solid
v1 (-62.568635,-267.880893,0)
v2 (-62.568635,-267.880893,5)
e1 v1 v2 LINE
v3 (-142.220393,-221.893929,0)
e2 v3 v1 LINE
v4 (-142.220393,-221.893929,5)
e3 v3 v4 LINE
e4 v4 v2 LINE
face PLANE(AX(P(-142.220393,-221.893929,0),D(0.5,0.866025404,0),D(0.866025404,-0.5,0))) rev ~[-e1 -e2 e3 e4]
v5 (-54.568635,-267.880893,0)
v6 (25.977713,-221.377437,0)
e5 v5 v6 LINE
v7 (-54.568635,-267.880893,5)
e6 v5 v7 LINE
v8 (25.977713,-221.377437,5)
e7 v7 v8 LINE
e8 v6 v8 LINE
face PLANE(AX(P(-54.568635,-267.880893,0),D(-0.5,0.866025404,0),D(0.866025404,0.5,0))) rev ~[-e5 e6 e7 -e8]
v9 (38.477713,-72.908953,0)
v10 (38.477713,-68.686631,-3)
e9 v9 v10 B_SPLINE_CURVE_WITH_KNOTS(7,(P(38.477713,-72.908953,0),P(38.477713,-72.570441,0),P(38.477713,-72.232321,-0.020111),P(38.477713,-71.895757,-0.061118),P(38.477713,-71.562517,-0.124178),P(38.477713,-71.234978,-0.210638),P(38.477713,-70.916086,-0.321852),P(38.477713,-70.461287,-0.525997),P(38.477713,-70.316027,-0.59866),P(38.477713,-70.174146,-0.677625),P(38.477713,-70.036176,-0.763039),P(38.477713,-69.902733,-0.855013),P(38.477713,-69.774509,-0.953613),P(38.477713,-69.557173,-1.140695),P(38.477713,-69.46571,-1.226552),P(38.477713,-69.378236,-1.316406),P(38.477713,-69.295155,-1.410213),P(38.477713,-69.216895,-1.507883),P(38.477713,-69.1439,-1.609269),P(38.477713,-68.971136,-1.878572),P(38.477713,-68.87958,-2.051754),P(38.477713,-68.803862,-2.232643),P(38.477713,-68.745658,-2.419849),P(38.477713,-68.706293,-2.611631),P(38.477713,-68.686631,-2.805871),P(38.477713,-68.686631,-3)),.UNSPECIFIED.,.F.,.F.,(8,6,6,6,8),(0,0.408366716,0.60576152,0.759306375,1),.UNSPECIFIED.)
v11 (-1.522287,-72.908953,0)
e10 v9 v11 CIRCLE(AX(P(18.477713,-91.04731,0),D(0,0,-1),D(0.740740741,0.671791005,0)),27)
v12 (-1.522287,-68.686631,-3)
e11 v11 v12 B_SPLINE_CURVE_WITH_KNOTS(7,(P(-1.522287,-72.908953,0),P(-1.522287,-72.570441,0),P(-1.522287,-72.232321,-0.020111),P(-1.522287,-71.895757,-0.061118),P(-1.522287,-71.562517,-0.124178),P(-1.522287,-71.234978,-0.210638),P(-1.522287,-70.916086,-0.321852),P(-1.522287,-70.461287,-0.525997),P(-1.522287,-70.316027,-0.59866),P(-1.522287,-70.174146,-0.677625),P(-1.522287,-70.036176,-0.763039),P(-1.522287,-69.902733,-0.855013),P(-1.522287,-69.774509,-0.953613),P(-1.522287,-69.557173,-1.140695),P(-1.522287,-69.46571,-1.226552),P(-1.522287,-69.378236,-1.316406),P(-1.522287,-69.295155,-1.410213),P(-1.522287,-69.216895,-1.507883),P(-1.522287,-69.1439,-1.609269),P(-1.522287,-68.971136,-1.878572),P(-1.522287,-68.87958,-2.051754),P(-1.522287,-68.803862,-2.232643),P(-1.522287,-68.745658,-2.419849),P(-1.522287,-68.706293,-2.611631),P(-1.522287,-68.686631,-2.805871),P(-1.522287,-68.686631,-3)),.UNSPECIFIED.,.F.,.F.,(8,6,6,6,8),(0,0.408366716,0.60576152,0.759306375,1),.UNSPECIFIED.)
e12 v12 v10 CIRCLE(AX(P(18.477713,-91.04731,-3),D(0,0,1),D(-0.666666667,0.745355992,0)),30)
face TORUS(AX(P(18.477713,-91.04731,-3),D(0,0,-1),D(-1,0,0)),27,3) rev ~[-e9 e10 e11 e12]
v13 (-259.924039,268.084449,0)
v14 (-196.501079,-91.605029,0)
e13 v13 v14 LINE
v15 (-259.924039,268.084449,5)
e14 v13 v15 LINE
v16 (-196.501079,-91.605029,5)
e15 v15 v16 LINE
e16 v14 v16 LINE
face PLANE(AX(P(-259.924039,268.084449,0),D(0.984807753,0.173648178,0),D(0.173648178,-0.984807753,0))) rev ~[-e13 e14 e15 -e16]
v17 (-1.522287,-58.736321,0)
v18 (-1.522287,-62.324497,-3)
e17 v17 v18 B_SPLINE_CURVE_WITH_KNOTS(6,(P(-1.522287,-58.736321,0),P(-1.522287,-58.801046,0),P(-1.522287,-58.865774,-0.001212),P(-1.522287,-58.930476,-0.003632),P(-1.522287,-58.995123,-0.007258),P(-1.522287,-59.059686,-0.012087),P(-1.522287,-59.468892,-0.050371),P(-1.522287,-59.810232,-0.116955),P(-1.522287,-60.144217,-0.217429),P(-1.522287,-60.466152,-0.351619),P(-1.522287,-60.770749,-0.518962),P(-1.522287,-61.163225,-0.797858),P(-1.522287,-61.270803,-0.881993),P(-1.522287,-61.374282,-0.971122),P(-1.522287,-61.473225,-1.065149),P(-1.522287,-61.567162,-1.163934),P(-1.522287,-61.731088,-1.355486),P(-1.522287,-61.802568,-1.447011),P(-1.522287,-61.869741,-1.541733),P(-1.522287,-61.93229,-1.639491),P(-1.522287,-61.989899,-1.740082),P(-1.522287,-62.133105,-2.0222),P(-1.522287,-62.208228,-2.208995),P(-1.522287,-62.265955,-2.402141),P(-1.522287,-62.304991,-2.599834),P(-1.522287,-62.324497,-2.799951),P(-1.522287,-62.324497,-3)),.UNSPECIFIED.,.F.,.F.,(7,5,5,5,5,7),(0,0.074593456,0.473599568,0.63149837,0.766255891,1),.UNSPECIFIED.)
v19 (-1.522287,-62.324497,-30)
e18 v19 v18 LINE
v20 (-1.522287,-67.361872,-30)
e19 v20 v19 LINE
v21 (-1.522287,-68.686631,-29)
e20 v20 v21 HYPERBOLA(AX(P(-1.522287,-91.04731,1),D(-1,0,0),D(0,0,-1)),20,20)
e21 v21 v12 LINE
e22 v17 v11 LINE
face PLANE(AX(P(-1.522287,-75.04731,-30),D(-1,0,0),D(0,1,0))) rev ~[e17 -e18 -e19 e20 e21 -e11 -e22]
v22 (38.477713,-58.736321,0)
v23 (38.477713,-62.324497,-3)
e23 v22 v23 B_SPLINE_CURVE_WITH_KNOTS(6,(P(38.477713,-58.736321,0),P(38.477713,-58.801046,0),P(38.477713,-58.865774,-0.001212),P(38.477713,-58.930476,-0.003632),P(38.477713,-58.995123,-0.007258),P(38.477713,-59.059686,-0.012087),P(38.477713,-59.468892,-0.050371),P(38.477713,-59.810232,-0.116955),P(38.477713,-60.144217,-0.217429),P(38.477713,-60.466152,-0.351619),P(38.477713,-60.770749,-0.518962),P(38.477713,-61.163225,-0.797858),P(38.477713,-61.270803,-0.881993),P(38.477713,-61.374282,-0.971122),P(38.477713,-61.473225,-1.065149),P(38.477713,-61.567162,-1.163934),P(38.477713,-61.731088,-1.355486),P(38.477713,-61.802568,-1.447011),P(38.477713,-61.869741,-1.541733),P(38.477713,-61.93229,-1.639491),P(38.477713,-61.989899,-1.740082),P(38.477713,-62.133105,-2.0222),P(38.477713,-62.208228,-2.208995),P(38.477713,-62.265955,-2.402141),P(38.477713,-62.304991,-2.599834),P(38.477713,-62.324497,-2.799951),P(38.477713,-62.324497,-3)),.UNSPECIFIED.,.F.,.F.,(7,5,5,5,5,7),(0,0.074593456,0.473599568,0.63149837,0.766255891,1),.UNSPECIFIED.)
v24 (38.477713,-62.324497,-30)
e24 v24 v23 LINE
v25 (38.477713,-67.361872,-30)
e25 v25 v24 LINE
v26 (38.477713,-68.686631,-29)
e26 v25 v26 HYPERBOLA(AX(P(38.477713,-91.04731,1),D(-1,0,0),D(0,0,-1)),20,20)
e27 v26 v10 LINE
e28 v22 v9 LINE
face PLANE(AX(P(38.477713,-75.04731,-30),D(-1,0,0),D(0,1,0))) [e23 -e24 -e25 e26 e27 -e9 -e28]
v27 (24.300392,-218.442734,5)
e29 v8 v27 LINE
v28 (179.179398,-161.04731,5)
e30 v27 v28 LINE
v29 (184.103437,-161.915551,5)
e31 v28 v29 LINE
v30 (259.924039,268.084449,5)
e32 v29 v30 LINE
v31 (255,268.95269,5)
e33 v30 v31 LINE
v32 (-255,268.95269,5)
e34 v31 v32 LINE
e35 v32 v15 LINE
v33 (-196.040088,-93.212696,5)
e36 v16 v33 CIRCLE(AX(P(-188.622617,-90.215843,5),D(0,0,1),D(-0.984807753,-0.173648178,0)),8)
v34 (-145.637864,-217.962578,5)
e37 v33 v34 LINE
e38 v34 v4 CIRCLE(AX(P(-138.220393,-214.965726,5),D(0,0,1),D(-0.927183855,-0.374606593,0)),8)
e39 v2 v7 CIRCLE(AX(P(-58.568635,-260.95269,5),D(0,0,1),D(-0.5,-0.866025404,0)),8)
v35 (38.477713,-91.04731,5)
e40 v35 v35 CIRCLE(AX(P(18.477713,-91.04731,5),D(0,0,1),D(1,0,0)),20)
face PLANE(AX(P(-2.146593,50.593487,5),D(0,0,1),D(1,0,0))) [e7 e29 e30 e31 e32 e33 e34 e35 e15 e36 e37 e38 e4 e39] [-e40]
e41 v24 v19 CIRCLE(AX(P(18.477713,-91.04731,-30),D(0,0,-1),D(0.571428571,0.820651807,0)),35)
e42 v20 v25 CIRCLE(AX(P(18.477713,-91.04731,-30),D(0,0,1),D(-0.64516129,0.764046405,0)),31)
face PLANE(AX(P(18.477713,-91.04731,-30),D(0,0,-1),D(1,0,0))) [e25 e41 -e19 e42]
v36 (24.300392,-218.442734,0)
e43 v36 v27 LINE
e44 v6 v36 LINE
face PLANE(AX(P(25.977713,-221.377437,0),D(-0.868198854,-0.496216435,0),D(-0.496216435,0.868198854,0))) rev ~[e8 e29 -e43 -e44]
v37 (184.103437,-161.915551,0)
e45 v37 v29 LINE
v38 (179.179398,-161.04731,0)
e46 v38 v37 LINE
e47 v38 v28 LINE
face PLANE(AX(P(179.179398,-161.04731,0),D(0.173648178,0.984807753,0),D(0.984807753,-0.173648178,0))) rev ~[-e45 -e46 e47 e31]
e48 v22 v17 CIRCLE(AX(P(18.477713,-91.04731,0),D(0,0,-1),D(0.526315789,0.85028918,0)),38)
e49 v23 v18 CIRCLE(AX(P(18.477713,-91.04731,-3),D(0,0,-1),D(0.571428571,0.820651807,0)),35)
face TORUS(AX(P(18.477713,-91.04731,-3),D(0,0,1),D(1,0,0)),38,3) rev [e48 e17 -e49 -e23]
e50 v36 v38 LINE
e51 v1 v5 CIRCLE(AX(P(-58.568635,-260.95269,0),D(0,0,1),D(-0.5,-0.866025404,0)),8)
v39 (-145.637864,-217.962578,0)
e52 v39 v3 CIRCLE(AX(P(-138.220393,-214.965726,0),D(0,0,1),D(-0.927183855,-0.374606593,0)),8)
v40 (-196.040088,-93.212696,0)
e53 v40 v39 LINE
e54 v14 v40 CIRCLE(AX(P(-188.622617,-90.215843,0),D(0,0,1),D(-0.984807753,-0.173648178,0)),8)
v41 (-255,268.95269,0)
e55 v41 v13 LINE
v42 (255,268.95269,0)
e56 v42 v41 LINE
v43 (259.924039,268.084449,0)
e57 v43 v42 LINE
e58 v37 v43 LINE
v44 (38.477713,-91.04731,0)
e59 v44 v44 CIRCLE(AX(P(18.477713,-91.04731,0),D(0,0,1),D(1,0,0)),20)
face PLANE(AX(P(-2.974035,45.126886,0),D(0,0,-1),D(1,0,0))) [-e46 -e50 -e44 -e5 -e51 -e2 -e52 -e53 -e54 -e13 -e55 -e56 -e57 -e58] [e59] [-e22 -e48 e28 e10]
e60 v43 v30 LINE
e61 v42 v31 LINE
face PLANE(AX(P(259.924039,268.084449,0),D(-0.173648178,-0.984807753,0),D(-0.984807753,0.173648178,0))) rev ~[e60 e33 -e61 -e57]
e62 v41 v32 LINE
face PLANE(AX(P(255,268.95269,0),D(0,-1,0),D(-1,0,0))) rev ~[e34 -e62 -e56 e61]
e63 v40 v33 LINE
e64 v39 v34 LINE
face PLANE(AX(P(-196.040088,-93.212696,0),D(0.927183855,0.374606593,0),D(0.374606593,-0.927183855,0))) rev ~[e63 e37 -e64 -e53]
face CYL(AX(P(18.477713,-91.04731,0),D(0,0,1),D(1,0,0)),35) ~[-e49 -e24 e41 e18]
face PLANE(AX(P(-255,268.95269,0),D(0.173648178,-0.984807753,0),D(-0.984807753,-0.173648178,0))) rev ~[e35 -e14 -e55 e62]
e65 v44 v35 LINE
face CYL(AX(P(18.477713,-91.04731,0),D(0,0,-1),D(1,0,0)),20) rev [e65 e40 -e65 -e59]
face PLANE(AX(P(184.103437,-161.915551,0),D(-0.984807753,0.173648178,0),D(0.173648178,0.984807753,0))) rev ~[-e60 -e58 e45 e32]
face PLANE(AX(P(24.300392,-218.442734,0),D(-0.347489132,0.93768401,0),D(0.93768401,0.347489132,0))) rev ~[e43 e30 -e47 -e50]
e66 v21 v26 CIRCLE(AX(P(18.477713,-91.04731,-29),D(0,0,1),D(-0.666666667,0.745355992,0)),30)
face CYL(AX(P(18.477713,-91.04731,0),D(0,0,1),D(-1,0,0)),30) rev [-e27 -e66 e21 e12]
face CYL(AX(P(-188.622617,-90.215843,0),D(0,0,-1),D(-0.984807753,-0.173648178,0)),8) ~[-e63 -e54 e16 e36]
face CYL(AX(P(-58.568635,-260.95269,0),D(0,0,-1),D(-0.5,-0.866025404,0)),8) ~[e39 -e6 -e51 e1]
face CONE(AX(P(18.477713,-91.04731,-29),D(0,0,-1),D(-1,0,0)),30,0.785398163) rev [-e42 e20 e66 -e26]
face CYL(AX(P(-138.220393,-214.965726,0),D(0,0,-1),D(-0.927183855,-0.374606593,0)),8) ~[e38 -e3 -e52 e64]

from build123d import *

# Parameters (mm, degrees)
SZKIC1_R                    = 20
DODANIE_WYCI_GNI_CIE1_DEPTH = 5
SZKIC2_R                    = 35
SZKIC2_R_2                  = 30
DODANIE_WYCI_GNI_CIE2_DEPTH = 30
ZAOKR_GLENIE1_R             = 3
SFAZOWANIE1_SIZE            = 1
WYTNIJ_WYCI_GNI_CIE1_REACH  = 377.661
SZKIC3_W                    = 40
SZKIC3_H                    = 30


with BuildPart() as part:
    # Szkic1 → Dodanie-wyciągnięcie1 (new body)
    with BuildSketch(Plane.XY):
        with BuildLine():
            Line((184.10343706, -161.91555121), (259.924038765, 268.08444879))
            Line((259.924038765, 268.08444879), (255, 268.952689679))
            Line((255, 268.952689679), (-255, 268.952689679))
            Line((-255, 268.952689679), (-259.924038765, 268.08444879))
            Line((-259.924038765, 268.08444879), (-196.501079187, -91.605028812))
            ThreePointArc((-196.501079187, -91.605028812), (-196.31271073, -92.420942238), (-196.040087999, -93.212696138))
            Line((-196.040087999, -93.212696138), (-145.637863945, -217.962578277))
            ThreePointArc((-145.637863945, -217.962578277), (-144.258069751, -220.214197762), (-142.220393109, -221.89392876))
            Line((-142.220393109, -221.89392876), (-62.568634717, -267.880892909))
            ThreePointArc((-62.568634717, -267.880892909), (-58.568634717, -268.952689679), (-54.568634717, -267.880892909))
            Line((-54.568634717, -267.880892909), (25.977713055, -221.37743734))
            Line((25.977713055, -221.37743734), (24.300392396, -218.442734314))
            Line((24.300392396, -218.442734314), (179.179398295, -161.047310321))
            Line((179.179398295, -161.047310321), (184.10343706, -161.91555121))
        make_face()
        with Locations((18.477713055, -91.047310321)):
            Circle(SZKIC1_R, mode=Mode.SUBTRACT)
    extrude(amount=DODANIE_WYCI_GNI_CIE1_DEPTH)

    # Szkic2 → Dodanie-wyciągnięcie2 (add)
    with BuildSketch(Plane(origin=(0, 0, 0), x_dir=(-1, 0, 0), z_dir=(0, 0, -1))):
        with Locations(Location((-18.477713055, -91.047310321, 0), (0, 0, 180))):
            Circle(SZKIC2_R)
        with Locations((-18.477713055, -91.047310321)):
            Circle(SZKIC2_R_2, mode=Mode.SUBTRACT)
    extrude(amount=DODANIE_WYCI_GNI_CIE2_DEPTH)

    # Zaokrąglenie1
    zaokr_glenie1_edges = [part.edges().sort_by_distance(p)[0] for p in [
        (-16.522286945, -91.047310321, 0),
        (48.477713055, -91.047310321, 0),
    ]]
    fillet(zaokr_glenie1_edges, radius=ZAOKR_GLENIE1_R)

    # Sfazowanie1
    sfazowanie1_edges = [part.edges().sort_by_distance(p)[0] for p in [
        (48.477713055, -91.047310321, -30),
    ]]
    chamfer(sfazowanie1_edges, length=SFAZOWANIE1_SIZE)

    # Wytnij-wyciągnięcie1: up to this face of the body (flat: up to its plane)
    wytnij_wyci_gni_cie1_end = Plane(part.part.faces().sort_by_distance((-2.974035495, 45.126885672, 0))[0])
    # Szkic3 → Wytnij-wyciągnięcie1 (cut, up to the picked face)
    with BuildSketch(Plane(origin=(0, 0, -30), x_dir=(-1, 0, 0), z_dir=(0, 0, -1)), mode=Mode.PRIVATE) as wytnij_wyci_gni_cie1_sk1:
        with Locations((-18.477713055, -60.047310321)):
            Rectangle(SZKIC3_W, SZKIC3_H)
    wytnij_wyci_gni_cie1_tool1 = split(extrude(wytnij_wyci_gni_cie1_sk1.sketch, amount=-WYTNIJ_WYCI_GNI_CIE1_REACH, mode=Mode.PRIVATE), bisect_by=wytnij_wyci_gni_cie1_end, keep=Keep.BOTH, mode=Mode.PRIVATE)
    add(wytnij_wyci_gni_cie1_tool1.solids().sort_by(Axis((18.477713, -60.04731, -30), (0, 0, 1)))[0], mode=Mode.SUBTRACT)


solid = part.part
